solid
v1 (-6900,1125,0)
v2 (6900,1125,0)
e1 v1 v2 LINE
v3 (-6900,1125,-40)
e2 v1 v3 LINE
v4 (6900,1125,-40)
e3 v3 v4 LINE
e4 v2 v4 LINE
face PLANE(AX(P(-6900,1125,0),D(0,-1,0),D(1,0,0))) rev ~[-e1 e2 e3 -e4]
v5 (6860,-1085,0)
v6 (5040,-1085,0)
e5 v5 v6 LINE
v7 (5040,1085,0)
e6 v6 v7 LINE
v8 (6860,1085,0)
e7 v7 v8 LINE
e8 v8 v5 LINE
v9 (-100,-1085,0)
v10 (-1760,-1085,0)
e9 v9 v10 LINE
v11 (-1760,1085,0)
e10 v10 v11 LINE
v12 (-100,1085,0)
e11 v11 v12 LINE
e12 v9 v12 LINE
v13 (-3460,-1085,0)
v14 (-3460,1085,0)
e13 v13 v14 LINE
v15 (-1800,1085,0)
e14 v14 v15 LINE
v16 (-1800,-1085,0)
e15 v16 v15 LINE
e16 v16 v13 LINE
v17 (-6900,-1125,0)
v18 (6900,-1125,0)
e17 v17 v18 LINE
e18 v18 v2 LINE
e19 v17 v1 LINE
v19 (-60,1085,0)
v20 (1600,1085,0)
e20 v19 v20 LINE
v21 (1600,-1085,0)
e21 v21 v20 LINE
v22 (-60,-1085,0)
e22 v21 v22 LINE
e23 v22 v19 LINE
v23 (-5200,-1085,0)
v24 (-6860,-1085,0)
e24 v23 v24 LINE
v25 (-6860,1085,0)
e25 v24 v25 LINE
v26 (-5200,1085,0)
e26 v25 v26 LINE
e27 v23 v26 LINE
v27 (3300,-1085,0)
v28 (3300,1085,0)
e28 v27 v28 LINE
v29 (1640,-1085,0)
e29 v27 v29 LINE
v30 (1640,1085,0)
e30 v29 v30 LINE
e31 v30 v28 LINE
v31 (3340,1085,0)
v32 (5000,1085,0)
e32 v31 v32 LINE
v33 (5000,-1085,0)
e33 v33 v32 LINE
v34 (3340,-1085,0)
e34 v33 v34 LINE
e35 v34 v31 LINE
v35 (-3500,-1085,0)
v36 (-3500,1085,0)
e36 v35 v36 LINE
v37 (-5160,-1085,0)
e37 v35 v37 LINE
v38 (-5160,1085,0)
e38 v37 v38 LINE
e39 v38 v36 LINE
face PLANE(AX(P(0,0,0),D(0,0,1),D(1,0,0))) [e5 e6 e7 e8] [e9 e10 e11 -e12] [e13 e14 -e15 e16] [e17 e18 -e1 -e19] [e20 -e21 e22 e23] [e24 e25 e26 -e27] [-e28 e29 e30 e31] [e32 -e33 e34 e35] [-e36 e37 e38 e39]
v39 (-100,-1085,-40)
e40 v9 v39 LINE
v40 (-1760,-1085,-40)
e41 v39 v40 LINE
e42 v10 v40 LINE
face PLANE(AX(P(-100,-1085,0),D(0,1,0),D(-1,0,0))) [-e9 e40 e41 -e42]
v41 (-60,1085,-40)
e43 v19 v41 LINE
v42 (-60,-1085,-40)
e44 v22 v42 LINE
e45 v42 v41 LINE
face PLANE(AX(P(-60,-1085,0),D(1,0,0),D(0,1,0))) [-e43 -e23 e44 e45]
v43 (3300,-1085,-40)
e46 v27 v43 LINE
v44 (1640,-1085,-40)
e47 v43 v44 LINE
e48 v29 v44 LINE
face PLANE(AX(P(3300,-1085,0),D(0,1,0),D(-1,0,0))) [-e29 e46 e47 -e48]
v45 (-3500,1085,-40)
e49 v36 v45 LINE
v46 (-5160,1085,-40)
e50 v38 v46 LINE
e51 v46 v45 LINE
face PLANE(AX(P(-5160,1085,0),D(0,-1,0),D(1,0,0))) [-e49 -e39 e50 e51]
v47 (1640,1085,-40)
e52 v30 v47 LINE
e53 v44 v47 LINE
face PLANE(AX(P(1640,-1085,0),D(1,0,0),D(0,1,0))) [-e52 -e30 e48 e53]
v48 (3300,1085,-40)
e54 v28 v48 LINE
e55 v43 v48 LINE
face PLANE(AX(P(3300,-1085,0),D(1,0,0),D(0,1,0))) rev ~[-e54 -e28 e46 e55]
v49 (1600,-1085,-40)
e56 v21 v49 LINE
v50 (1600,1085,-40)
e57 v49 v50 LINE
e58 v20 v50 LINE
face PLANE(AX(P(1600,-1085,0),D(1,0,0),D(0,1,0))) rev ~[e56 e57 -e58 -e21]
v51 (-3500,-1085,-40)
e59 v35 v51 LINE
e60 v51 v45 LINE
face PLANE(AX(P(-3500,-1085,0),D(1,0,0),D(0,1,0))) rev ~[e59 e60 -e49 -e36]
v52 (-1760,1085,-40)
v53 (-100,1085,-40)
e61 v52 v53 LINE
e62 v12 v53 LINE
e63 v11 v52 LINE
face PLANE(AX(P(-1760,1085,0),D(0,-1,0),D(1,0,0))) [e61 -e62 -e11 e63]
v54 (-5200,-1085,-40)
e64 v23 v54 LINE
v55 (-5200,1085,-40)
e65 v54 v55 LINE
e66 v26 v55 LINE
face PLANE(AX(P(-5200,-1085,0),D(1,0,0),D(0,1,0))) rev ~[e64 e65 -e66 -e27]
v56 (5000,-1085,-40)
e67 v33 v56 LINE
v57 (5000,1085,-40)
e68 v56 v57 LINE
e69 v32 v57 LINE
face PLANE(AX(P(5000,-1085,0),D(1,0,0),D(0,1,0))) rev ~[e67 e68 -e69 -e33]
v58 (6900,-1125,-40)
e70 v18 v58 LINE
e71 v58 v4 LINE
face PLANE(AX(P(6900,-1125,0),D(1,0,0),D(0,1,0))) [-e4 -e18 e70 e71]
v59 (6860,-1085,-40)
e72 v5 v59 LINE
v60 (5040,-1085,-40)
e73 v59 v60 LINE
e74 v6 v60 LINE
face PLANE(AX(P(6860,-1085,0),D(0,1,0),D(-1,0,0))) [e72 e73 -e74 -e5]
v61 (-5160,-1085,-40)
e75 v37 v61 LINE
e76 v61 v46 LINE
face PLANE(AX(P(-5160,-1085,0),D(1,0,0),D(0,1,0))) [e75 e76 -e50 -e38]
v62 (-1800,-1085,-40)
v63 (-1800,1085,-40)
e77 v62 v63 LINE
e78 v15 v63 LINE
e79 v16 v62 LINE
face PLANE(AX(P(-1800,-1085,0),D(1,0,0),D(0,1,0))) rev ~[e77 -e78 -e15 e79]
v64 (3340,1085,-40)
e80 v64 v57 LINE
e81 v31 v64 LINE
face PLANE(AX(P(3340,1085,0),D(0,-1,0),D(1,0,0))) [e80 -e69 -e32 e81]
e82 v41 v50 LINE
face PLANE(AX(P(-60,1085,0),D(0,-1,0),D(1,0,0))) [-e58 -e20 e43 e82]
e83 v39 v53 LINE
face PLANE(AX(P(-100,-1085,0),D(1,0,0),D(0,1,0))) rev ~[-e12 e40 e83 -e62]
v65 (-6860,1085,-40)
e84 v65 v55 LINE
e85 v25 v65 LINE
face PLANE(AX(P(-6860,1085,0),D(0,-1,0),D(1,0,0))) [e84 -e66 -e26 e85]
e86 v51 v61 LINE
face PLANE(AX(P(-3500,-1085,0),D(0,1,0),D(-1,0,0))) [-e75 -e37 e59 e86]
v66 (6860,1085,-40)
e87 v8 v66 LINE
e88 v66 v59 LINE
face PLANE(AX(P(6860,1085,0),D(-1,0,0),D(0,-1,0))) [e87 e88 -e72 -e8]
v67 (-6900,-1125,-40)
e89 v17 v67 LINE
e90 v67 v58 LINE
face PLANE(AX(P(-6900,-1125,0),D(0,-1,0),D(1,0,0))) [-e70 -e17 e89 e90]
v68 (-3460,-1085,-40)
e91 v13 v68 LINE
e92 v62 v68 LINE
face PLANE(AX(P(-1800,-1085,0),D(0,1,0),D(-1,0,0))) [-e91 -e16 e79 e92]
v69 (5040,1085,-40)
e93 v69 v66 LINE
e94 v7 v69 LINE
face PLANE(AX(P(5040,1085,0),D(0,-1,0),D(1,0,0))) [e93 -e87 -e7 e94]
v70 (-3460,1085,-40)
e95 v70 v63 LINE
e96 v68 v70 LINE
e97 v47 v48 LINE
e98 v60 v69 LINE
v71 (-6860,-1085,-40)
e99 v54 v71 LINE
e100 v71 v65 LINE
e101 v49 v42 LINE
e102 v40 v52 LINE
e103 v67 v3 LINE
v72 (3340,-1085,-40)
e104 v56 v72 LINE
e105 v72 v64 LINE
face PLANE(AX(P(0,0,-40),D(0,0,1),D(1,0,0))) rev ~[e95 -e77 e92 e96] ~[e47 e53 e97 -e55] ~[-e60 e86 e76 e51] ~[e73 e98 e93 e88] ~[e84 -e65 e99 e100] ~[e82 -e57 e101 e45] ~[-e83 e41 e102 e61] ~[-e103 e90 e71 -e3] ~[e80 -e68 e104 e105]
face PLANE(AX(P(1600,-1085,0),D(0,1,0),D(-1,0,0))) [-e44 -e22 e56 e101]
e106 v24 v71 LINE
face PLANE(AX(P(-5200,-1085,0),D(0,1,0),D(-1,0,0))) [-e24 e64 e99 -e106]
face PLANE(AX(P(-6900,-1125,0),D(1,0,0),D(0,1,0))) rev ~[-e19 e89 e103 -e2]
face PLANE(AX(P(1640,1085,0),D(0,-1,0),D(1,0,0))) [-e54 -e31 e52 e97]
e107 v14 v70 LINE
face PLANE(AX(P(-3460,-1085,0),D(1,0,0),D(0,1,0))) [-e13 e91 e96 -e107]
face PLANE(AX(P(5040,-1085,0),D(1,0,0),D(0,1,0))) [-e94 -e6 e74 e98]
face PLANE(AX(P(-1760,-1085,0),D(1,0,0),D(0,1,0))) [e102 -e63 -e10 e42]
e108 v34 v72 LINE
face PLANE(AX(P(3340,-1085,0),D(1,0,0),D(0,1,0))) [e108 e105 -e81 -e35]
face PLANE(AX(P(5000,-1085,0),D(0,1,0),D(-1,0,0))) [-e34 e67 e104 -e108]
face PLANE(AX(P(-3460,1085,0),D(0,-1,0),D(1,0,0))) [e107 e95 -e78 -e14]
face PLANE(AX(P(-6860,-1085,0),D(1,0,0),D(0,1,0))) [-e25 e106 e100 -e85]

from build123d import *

# Parameters (mm, degrees)
F0_W     = 13800
F0_H     = 2250
F0_W_2   = 40
F0_H_2   = 2170
F1_DEPTH = 40


with BuildPart() as f1:
    # F0 (on Top) → F1 (new body)
    with BuildSketch(Plane.XY):
        Rectangle(F0_W, F0_H)
        Polygon((5040, 1085), (6860, 1085), (6860, -1085), (5040, -1085), (5000, -1085), (3340, -1085), (3300, -1085), (1640, -1085), (1600, -1085), (-60, -1085), (-100, -1085), (-1760, -1085), (-1800, -1085), (-3460, -1085), (-3500, -1085), (-5160, -1085), (-5200, -1085), (-6860, -1085), (-6860, 1085), (-5200, 1085), (-5160, 1085), (-3500, 1085), (-3460, 1085), (-1800, 1085), (-1760, 1085), (-100, 1085), (-60, 1085), (1600, 1085), (1640, 1085), (3300, 1085), (3340, 1085), (5000, 1085), align=None, mode=Mode.SUBTRACT)
        with Locations((-5180, 0)):
            Rectangle(F0_W_2, F0_H_2)
        with Locations((-3480, 0)):
            Rectangle(F0_W_2, F0_H_2)
        with Locations((-1780, 0)):
            Rectangle(F0_W_2, F0_H_2)
        with Locations((-80, 0)):
            Rectangle(F0_W_2, F0_H_2)
        with Locations((1620, 0)):
            Rectangle(F0_W_2, F0_H_2)
        with Locations((3320, 0)):
            Rectangle(F0_W_2, F0_H_2)
        with Locations((5020, 0)):
            Rectangle(F0_W_2, F0_H_2)
    extrude(amount=-F1_DEPTH)


solid = f1.part
